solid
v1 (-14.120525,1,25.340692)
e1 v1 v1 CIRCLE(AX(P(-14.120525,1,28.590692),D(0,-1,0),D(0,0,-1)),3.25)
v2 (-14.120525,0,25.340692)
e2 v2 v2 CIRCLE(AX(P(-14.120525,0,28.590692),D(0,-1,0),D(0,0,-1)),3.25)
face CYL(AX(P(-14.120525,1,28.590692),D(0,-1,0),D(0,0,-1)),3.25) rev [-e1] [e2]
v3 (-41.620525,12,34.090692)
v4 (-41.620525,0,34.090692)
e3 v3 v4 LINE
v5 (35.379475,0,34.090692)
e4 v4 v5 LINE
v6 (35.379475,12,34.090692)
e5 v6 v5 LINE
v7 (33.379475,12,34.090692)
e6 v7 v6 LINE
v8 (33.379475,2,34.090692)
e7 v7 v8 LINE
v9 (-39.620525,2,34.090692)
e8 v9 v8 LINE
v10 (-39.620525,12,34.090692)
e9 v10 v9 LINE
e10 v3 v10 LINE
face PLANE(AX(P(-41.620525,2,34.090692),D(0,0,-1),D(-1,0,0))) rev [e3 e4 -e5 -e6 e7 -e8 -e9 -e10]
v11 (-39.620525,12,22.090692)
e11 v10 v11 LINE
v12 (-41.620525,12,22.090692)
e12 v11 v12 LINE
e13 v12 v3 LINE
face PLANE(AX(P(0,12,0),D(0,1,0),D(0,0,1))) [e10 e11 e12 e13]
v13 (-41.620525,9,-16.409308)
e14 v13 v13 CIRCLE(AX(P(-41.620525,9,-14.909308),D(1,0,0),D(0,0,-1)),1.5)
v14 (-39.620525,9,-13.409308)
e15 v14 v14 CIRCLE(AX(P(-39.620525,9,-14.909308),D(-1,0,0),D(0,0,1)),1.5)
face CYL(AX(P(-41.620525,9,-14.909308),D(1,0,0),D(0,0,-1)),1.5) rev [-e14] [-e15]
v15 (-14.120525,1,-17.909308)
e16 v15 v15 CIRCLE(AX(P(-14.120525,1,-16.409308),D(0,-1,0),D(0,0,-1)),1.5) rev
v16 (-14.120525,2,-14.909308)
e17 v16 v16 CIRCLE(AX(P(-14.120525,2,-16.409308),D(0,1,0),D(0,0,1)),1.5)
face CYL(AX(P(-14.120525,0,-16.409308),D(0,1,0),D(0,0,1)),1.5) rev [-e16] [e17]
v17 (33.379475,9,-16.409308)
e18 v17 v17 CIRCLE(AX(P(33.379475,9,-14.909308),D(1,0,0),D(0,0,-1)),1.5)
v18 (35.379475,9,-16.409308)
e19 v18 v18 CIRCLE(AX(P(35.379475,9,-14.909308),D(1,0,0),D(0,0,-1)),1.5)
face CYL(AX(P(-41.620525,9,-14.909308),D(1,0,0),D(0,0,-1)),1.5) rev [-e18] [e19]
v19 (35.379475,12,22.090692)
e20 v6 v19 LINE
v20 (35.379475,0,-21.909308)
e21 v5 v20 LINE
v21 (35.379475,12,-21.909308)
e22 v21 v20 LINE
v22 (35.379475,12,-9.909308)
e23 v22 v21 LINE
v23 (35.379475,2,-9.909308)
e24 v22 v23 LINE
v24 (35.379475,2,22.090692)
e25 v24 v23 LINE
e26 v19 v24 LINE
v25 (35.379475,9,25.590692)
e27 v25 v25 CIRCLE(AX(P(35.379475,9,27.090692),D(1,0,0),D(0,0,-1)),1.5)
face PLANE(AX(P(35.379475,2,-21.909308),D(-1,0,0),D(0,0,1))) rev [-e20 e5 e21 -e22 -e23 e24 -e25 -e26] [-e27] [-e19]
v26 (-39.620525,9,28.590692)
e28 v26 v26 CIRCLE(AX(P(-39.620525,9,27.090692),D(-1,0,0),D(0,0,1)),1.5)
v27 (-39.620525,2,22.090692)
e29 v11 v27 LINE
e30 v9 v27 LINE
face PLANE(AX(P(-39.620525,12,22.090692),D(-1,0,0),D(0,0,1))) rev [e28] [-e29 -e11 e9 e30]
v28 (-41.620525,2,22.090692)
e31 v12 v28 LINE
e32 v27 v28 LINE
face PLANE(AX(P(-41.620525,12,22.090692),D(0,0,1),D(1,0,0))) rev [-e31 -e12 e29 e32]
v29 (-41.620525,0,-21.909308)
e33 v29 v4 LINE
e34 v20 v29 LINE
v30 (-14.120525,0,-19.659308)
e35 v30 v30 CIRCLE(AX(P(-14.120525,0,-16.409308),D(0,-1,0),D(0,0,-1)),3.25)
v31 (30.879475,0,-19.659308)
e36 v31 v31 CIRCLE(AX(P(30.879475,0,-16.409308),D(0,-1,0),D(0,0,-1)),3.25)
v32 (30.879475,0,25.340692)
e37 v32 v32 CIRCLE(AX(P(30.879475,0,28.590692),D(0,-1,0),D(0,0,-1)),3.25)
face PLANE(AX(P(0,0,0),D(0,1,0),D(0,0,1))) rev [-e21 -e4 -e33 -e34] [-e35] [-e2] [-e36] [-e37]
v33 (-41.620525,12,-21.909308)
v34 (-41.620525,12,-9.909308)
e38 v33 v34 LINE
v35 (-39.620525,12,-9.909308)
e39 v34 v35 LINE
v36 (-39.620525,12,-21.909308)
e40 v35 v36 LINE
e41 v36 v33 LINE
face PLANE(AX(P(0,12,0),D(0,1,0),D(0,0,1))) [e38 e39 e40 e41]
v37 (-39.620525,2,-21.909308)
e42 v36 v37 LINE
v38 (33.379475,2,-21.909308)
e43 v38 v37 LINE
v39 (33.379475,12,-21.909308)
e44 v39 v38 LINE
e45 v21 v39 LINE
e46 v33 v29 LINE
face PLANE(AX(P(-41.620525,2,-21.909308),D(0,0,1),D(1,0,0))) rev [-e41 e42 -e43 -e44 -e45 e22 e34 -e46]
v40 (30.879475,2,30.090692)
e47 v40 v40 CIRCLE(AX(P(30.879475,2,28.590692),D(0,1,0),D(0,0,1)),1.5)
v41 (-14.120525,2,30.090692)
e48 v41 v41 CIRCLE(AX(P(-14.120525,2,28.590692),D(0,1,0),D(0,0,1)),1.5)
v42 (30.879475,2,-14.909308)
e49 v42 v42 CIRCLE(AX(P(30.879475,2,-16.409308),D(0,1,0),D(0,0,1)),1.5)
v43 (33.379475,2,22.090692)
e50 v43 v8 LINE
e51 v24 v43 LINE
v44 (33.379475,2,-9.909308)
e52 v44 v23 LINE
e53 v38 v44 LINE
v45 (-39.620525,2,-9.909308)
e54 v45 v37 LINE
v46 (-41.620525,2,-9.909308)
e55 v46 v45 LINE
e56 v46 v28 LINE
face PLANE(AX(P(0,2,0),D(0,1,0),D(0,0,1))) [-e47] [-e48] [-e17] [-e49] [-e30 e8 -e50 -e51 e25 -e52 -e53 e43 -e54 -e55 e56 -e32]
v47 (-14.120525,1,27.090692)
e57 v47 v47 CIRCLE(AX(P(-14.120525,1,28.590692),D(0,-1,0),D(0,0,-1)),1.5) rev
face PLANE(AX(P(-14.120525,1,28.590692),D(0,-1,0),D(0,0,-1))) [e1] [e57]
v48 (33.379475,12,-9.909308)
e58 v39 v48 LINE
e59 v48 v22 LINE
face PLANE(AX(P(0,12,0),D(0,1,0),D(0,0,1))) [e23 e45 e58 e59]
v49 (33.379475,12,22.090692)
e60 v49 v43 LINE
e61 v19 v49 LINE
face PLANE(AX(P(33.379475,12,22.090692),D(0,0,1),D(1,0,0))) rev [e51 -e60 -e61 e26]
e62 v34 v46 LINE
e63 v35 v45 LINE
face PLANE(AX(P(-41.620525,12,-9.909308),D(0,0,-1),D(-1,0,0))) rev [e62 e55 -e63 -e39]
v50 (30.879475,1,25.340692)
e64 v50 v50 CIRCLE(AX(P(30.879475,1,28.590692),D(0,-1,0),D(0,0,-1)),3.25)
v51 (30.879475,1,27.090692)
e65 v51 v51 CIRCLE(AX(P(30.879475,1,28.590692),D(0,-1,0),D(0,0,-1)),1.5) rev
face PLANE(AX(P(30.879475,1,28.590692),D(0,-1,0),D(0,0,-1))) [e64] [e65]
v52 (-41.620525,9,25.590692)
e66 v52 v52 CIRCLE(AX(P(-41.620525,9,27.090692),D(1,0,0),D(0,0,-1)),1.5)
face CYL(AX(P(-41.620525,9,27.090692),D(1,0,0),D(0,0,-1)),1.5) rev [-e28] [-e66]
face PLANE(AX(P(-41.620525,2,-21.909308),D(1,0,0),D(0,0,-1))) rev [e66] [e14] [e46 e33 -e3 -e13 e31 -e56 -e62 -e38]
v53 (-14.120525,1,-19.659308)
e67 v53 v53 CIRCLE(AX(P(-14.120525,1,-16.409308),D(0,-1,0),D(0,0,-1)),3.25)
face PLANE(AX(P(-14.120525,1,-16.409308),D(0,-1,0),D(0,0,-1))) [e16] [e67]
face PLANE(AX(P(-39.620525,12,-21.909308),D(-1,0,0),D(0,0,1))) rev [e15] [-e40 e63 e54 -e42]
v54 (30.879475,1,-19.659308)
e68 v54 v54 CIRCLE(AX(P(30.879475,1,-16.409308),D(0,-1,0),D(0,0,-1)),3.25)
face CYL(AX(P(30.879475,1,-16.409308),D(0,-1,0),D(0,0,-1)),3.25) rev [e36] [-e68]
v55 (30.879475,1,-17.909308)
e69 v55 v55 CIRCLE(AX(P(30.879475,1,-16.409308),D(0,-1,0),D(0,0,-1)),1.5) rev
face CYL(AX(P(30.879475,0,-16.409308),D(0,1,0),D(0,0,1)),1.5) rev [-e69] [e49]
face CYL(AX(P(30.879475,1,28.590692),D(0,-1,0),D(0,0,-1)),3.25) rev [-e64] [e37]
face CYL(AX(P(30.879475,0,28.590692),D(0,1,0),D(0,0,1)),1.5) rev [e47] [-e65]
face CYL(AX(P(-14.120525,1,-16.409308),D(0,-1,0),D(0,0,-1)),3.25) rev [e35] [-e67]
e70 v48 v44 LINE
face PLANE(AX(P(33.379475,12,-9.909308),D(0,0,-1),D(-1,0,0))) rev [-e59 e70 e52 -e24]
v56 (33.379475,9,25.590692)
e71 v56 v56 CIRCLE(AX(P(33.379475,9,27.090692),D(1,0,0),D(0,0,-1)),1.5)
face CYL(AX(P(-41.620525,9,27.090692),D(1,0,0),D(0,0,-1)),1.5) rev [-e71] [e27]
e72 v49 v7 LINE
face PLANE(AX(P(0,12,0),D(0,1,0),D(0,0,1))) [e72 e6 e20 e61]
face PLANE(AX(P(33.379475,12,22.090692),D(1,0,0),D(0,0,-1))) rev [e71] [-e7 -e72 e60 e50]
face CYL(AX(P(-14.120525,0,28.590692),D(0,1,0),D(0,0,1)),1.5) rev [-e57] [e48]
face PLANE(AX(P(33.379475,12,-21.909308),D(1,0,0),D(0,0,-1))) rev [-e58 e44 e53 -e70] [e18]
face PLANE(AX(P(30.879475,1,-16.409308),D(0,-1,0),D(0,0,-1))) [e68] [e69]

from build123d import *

# Parameters (mm, degrees)
SKETCH1_W           = 77
SKETCH1_H           = 56
BOSS_EXTRUDE1_DEPTH = 2
SKETCH2_R           = 1.5
CUT_EXTRUDE1_DEPTH  = 3
SKETCH3_W           = 2
SKETCH3_H           = 12
BOSS_EXTRUDE2_DEPTH = 10
SKETCH4_R           = 1.5
CUT_EXTRUDE2_DEPTH  = 78
SKETCH5_R           = 3.25
CUT_EXTRUDE3_DEPTH  = 1


with BuildPart() as part:
    # Sketch1 → Boss-Extrude1 (new body)
    with BuildSketch(Plane(origin=(0, 0, 0), x_dir=(1, 0, 0), z_dir=(0, 1, 0))):
        with Locations((-3.12052506, -6.090692124)):
            Rectangle(SKETCH1_W, SKETCH1_H)
    extrude(amount=BOSS_EXTRUDE1_DEPTH)

    # Sketch2 → Cut-Extrude1 (cut, through all)
    with BuildSketch(Plane(origin=(0, 2, 0), x_dir=(1, 0, 0), z_dir=(0, 1, 0))):
        with Locations((30.87947494, 16.409307876)):
            Circle(SKETCH2_R)
        with Locations((30.87947494, -28.590692124)):
            Circle(SKETCH2_R)
        with Locations((-14.12052506, 16.409307876)):
            Circle(SKETCH2_R)
        with Locations((-14.12052506, -28.590692124)):
            Circle(SKETCH2_R)
    extrude(amount=-CUT_EXTRUDE1_DEPTH, mode=Mode.SUBTRACT)

    # Sketch3 → Boss-Extrude2 (add)
    with BuildSketch(Plane(origin=(0, 2, 0), x_dir=(1, 0, 0), z_dir=(0, 1, 0))):
        with Locations((34.37947494, 15.909307876)):
            Rectangle(SKETCH3_W, SKETCH3_H)
        with Locations((34.37947494, -28.090692124)):
            Rectangle(SKETCH3_W, SKETCH3_H)
        with Locations((-40.62052506, 15.909307876)):
            Rectangle(SKETCH3_W, SKETCH3_H)
        with Locations((-40.62052506, -28.090692124)):
            Rectangle(SKETCH3_W, SKETCH3_H)
    extrude(amount=BOSS_EXTRUDE2_DEPTH)

    # Sketch4 → Cut-Extrude2 (cut, through all)
    with BuildSketch(Plane(origin=(35.37947494, 0, 0), x_dir=(0, 0, -1), z_dir=(1, 0, 0))):
        with Locations((-27.090692124, 9)):
            Circle(SKETCH4_R)
        with Locations((14.909307876, 9)):
            Circle(SKETCH4_R)
    extrude(amount=-CUT_EXTRUDE2_DEPTH, mode=Mode.SUBTRACT)

    # Sketch5 → Cut-Extrude3 (cut)
    with BuildSketch(Plane(origin=(0, 0, 0), x_dir=(-1, 0, 0), z_dir=(0, -1, 0))):
        with Locations((14.12052506, -28.590692124)):
            Circle(SKETCH5_R)
        with Locations((-30.87947494, -28.590692124)):
            Circle(SKETCH5_R)
        with Locations((-30.87947494, 16.409307876)):
            Circle(SKETCH5_R)
        with Locations((14.12052506, 16.409307876)):
            Circle(SKETCH5_R)
    extrude(amount=-CUT_EXTRUDE3_DEPTH, mode=Mode.SUBTRACT)


solid = part.part
